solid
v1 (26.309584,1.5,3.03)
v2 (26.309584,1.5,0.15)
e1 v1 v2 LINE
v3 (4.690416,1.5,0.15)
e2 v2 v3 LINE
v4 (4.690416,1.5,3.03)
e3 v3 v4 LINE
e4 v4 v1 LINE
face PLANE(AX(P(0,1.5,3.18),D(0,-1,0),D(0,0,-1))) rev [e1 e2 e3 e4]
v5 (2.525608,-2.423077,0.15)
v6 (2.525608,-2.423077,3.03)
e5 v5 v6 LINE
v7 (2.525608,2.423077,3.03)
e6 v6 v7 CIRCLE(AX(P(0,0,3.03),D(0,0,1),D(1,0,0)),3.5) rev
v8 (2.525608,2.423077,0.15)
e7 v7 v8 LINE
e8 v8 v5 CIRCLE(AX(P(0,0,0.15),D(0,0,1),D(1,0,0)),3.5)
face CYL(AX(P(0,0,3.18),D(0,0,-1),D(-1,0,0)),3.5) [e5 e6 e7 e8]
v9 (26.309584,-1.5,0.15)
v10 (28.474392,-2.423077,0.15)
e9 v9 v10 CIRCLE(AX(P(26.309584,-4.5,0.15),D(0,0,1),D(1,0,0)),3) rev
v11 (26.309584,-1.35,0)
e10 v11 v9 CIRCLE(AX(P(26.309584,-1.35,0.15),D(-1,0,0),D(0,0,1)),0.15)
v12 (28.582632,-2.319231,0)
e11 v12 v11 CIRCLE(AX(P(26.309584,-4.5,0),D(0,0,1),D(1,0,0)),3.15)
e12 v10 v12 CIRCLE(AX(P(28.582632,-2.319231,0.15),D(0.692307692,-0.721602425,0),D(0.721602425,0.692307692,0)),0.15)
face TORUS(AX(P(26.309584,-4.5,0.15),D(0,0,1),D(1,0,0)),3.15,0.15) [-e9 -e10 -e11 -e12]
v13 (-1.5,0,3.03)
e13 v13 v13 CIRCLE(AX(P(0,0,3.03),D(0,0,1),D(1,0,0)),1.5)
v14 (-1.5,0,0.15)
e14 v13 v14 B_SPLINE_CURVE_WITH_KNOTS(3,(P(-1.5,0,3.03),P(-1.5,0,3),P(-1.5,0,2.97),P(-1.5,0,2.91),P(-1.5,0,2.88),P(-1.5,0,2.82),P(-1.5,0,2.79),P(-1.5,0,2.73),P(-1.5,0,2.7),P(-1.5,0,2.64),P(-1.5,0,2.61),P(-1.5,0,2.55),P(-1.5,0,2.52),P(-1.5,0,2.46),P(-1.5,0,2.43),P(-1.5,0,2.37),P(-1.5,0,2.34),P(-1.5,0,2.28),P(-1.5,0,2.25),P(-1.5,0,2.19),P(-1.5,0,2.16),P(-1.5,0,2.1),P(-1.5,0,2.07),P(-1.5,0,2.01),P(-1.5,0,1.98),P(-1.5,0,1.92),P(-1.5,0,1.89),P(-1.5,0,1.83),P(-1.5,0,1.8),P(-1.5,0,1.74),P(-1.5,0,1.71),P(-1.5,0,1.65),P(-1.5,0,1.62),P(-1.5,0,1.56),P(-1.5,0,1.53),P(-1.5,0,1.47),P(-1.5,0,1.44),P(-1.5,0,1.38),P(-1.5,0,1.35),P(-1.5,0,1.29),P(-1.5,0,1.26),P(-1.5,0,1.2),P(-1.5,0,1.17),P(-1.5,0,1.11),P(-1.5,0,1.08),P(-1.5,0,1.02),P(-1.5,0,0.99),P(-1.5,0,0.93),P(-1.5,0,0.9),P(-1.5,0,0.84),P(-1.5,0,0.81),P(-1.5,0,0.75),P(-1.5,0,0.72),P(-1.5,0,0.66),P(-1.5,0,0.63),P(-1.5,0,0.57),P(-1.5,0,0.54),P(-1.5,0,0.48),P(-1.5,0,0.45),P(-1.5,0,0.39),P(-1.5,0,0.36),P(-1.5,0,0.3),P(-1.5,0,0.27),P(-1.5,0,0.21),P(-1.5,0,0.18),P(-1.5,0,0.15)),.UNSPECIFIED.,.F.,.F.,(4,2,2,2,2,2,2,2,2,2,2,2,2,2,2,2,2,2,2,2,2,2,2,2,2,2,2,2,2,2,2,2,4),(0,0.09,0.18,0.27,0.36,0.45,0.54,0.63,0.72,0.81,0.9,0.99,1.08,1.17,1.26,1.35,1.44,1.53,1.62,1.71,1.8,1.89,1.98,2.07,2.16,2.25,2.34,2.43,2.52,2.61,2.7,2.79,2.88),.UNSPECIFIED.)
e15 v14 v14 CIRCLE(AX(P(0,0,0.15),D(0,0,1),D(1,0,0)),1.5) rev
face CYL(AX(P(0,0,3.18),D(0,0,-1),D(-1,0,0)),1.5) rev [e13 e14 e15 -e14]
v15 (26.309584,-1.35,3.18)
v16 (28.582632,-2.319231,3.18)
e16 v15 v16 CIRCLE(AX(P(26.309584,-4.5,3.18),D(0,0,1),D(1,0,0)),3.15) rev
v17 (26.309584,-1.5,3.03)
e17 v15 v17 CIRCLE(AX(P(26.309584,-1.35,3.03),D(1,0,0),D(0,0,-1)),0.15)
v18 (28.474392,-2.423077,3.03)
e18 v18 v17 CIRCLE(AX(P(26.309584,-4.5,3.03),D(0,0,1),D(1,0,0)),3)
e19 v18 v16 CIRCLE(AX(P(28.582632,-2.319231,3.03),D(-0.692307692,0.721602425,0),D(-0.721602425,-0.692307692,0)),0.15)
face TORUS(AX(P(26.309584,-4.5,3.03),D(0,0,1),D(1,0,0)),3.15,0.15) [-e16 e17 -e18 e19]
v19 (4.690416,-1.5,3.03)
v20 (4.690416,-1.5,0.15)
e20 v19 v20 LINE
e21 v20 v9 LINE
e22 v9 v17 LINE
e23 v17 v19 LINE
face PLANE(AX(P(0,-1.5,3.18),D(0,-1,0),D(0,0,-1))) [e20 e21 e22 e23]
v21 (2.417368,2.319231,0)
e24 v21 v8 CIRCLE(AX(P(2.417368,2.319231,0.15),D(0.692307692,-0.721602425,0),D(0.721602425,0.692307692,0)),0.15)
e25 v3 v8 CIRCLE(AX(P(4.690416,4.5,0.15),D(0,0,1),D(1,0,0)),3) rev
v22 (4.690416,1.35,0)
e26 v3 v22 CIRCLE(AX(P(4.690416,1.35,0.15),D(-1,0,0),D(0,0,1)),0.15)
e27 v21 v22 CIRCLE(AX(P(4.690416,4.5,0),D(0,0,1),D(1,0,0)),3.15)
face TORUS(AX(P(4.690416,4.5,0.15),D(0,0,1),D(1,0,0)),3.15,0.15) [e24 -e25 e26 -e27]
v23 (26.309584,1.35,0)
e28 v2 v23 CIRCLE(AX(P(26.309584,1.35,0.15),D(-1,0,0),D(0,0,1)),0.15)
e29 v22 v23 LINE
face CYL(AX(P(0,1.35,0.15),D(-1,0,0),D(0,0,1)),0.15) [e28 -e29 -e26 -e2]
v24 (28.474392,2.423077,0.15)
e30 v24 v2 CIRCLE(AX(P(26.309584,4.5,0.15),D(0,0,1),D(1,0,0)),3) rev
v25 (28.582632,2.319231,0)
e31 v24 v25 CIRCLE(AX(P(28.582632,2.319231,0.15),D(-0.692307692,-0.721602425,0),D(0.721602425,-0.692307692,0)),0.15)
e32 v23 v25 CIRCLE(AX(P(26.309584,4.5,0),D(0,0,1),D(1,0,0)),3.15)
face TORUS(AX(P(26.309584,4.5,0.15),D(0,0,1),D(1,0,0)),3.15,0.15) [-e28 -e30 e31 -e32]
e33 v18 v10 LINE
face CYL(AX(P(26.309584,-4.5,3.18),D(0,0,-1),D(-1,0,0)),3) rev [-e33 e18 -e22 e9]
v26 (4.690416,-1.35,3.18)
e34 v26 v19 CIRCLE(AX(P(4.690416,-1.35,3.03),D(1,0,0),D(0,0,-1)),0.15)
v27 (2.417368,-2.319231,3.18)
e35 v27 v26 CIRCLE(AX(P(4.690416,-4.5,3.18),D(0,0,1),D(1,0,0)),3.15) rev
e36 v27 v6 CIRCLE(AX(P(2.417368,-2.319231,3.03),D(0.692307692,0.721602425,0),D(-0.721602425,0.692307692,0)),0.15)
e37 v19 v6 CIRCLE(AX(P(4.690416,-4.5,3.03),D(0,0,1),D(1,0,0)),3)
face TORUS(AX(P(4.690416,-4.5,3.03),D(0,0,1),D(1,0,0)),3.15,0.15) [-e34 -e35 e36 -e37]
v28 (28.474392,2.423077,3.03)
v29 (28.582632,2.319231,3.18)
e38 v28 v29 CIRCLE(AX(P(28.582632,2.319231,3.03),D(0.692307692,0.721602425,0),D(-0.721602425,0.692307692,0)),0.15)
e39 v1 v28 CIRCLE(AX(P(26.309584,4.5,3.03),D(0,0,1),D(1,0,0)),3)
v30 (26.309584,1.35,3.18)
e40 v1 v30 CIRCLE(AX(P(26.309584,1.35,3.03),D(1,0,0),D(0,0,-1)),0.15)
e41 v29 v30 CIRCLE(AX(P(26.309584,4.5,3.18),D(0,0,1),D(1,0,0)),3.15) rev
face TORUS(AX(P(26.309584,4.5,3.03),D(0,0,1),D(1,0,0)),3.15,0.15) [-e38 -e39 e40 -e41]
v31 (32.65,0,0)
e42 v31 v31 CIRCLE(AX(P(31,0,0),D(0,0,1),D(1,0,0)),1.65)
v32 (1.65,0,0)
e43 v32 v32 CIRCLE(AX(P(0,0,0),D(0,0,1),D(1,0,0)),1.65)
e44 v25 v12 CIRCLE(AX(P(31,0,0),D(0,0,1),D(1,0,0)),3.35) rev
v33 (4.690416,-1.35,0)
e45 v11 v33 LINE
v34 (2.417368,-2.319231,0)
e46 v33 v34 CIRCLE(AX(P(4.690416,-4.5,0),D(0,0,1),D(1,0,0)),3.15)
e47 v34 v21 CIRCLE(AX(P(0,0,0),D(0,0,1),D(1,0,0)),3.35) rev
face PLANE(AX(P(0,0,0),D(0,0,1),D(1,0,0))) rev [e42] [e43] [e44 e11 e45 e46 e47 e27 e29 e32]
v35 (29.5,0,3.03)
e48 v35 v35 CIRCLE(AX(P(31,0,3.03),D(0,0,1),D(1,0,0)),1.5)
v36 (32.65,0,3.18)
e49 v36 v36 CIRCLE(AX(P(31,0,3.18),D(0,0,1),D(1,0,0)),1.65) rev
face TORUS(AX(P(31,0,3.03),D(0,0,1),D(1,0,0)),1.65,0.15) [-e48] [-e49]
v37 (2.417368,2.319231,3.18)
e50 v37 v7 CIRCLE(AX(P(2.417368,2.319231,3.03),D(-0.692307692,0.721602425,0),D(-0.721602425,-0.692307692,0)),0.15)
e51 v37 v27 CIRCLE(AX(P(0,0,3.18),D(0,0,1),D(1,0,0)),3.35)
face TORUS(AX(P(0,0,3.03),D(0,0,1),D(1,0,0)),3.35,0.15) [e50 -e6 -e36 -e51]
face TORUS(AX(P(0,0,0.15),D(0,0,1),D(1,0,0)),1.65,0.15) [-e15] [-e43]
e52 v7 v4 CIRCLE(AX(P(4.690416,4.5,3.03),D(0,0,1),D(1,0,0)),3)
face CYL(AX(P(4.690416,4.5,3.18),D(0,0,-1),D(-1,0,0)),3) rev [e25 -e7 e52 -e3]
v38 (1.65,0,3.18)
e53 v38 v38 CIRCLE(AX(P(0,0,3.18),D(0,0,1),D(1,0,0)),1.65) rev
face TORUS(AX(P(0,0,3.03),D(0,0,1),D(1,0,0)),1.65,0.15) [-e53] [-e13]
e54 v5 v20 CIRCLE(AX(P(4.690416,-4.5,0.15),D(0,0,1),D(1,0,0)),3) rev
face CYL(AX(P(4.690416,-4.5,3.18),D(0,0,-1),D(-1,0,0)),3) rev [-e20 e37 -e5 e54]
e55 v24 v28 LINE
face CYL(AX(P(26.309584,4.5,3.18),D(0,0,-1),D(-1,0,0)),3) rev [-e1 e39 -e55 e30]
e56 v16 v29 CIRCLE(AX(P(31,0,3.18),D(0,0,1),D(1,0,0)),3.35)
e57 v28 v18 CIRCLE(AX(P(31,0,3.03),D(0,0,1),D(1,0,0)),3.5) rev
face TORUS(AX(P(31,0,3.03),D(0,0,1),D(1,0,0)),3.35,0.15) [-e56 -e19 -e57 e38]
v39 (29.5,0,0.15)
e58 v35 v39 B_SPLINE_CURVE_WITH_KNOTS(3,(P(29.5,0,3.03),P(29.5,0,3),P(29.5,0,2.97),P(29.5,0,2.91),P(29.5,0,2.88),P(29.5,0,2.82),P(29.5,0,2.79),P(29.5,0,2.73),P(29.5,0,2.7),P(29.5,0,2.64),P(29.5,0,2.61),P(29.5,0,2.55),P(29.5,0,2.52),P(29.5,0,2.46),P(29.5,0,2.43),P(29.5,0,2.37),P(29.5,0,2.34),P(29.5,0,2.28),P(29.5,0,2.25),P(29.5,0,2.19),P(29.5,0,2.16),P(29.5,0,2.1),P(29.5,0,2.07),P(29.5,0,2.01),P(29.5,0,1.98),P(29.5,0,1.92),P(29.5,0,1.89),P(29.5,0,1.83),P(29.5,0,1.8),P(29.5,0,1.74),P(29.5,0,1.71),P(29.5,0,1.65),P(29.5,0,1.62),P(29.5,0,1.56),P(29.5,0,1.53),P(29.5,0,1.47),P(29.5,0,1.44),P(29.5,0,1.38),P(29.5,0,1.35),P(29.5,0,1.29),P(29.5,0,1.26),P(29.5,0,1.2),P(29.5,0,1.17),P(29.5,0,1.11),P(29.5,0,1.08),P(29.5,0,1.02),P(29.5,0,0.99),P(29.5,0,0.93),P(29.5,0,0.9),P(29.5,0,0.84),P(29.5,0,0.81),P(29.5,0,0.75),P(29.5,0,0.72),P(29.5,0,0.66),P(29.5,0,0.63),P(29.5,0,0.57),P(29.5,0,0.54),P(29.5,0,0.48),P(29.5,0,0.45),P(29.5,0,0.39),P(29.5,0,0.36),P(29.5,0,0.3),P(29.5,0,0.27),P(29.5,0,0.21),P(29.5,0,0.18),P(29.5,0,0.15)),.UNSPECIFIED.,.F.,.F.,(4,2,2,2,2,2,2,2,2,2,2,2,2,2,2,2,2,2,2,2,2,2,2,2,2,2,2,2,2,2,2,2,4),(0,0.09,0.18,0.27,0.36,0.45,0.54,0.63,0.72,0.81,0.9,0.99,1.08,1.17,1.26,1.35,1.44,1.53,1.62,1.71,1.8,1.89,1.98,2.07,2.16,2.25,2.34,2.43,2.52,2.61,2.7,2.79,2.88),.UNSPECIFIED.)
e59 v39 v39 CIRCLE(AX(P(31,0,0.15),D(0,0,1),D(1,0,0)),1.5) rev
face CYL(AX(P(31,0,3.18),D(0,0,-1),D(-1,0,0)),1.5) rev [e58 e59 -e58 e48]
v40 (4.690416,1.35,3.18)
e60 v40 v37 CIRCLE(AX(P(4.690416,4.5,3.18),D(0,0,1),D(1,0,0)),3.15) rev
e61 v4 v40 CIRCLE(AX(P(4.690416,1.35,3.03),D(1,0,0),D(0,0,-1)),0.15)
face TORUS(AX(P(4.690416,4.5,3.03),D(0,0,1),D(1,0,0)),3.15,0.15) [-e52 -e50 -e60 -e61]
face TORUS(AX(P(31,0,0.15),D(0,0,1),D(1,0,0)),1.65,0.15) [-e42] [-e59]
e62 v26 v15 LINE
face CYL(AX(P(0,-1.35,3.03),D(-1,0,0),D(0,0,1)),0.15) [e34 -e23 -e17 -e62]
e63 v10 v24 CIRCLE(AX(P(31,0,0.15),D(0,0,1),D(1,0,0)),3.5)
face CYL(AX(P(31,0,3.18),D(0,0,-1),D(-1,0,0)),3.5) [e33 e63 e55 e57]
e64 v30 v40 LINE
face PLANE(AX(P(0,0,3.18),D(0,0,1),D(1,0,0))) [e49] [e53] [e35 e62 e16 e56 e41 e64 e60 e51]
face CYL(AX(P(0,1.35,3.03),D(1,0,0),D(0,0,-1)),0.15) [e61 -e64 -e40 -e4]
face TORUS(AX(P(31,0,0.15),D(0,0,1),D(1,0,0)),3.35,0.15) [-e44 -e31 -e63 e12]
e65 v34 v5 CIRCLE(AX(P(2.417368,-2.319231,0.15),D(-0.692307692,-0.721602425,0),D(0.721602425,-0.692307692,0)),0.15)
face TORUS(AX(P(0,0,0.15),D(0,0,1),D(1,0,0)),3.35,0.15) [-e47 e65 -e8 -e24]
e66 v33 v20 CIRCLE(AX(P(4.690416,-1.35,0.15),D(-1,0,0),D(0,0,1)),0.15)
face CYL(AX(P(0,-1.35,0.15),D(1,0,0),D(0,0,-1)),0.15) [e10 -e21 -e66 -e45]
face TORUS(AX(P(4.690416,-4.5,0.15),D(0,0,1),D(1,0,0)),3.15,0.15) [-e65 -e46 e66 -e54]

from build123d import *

# Parameters (mm, degrees)
SKETCH1_R           = 3.5
SKETCH1_R_2         = 1.5
BOSS_EXTRUDE1_DEPTH = 3.18
FILLET1_R           = 3
FILLET2_R           = 0.15


with BuildPart() as part:
    # Sketch1 → Boss-Extrude1 (new body)
    # profile 1 of 3: a face of its own
    with BuildSketch(Plane.XY):
        Circle(SKETCH1_R)
        with Locations(Location((0, 0, 0), (0, 0, 180))):
            Circle(SKETCH1_R_2, mode=Mode.SUBTRACT)
    # profile 2 of 3: a face of its own
    with BuildSketch(Plane.XY):
        with BuildLine():
            ThreePointArc((27.83772234, -1.5), (27.5, 0), (27.83772234, 1.5))
            Line((27.83772234, 1.5), (3.16227766, 1.5))
            ThreePointArc((3.16227766, 1.5), (3.414525722, 0.768774411), (3.5, 0))
            ThreePointArc((3.5, 0), (3.414525722, -0.768774411), (3.16227766, -1.5))
            Line((3.16227766, -1.5), (27.83772234, -1.5))
        make_face()
    # profile 3 of 3: a face of its own
    with BuildSketch(Plane.XY):
        with Locations((31, 0)):
            Circle(SKETCH1_R)
        with Locations(Location((31, 0, 0), (0, 0, 180))):
            Circle(SKETCH1_R_2, mode=Mode.SUBTRACT)
    extrude(amount=BOSS_EXTRUDE1_DEPTH)

    # Fillet1
    fillet1_edges = [part.edges().sort_by_distance(p)[0] for p in [
        (27.83772234, 1.5, 1.59),
        (27.83772234, -1.5, 1.59),
        (3.16227766, -1.5, 1.59),
        (3.16227766, 1.5, 1.59),
    ]]
    fillet(fillet1_edges, radius=FILLET1_R)

    # Fillet2
    fillet2_edges = [part.edges().sort_by_distance(p)[0] for p in [
        (15.5, 1.5, 0),
        (15.5, 1.5, 3.18),
        (1.5, 0, 3.18),
        (34.5, 0, 0),
        (34.5, 0, 3.18),
        (-3.5, 0, 0),
        (-3.5, 0, 3.18),
        (32.5, 0, 3.18),
        (15.5, -1.5, 0),
        (15.5, -1.5, 3.18),
        (27.486281051, 1.740401367, 0),
        (27.486281051, 1.740401367, 3.18),
        (3.513718949, 1.740401367, 0),
        (3.513718949, 1.740401367, 3.18),
        (27.486281051, -1.740401367, 0),
        (27.486281051, -1.740401367, 3.18),
        (3.513718949, -1.740401367, 0),
        (3.513718949, -1.740401367, 3.18),
        (32.5, 0, 0),
        (1.5, 0, 0),
    ]]
    fillet(fillet2_edges, radius=FILLET2_R)


solid = part.part
